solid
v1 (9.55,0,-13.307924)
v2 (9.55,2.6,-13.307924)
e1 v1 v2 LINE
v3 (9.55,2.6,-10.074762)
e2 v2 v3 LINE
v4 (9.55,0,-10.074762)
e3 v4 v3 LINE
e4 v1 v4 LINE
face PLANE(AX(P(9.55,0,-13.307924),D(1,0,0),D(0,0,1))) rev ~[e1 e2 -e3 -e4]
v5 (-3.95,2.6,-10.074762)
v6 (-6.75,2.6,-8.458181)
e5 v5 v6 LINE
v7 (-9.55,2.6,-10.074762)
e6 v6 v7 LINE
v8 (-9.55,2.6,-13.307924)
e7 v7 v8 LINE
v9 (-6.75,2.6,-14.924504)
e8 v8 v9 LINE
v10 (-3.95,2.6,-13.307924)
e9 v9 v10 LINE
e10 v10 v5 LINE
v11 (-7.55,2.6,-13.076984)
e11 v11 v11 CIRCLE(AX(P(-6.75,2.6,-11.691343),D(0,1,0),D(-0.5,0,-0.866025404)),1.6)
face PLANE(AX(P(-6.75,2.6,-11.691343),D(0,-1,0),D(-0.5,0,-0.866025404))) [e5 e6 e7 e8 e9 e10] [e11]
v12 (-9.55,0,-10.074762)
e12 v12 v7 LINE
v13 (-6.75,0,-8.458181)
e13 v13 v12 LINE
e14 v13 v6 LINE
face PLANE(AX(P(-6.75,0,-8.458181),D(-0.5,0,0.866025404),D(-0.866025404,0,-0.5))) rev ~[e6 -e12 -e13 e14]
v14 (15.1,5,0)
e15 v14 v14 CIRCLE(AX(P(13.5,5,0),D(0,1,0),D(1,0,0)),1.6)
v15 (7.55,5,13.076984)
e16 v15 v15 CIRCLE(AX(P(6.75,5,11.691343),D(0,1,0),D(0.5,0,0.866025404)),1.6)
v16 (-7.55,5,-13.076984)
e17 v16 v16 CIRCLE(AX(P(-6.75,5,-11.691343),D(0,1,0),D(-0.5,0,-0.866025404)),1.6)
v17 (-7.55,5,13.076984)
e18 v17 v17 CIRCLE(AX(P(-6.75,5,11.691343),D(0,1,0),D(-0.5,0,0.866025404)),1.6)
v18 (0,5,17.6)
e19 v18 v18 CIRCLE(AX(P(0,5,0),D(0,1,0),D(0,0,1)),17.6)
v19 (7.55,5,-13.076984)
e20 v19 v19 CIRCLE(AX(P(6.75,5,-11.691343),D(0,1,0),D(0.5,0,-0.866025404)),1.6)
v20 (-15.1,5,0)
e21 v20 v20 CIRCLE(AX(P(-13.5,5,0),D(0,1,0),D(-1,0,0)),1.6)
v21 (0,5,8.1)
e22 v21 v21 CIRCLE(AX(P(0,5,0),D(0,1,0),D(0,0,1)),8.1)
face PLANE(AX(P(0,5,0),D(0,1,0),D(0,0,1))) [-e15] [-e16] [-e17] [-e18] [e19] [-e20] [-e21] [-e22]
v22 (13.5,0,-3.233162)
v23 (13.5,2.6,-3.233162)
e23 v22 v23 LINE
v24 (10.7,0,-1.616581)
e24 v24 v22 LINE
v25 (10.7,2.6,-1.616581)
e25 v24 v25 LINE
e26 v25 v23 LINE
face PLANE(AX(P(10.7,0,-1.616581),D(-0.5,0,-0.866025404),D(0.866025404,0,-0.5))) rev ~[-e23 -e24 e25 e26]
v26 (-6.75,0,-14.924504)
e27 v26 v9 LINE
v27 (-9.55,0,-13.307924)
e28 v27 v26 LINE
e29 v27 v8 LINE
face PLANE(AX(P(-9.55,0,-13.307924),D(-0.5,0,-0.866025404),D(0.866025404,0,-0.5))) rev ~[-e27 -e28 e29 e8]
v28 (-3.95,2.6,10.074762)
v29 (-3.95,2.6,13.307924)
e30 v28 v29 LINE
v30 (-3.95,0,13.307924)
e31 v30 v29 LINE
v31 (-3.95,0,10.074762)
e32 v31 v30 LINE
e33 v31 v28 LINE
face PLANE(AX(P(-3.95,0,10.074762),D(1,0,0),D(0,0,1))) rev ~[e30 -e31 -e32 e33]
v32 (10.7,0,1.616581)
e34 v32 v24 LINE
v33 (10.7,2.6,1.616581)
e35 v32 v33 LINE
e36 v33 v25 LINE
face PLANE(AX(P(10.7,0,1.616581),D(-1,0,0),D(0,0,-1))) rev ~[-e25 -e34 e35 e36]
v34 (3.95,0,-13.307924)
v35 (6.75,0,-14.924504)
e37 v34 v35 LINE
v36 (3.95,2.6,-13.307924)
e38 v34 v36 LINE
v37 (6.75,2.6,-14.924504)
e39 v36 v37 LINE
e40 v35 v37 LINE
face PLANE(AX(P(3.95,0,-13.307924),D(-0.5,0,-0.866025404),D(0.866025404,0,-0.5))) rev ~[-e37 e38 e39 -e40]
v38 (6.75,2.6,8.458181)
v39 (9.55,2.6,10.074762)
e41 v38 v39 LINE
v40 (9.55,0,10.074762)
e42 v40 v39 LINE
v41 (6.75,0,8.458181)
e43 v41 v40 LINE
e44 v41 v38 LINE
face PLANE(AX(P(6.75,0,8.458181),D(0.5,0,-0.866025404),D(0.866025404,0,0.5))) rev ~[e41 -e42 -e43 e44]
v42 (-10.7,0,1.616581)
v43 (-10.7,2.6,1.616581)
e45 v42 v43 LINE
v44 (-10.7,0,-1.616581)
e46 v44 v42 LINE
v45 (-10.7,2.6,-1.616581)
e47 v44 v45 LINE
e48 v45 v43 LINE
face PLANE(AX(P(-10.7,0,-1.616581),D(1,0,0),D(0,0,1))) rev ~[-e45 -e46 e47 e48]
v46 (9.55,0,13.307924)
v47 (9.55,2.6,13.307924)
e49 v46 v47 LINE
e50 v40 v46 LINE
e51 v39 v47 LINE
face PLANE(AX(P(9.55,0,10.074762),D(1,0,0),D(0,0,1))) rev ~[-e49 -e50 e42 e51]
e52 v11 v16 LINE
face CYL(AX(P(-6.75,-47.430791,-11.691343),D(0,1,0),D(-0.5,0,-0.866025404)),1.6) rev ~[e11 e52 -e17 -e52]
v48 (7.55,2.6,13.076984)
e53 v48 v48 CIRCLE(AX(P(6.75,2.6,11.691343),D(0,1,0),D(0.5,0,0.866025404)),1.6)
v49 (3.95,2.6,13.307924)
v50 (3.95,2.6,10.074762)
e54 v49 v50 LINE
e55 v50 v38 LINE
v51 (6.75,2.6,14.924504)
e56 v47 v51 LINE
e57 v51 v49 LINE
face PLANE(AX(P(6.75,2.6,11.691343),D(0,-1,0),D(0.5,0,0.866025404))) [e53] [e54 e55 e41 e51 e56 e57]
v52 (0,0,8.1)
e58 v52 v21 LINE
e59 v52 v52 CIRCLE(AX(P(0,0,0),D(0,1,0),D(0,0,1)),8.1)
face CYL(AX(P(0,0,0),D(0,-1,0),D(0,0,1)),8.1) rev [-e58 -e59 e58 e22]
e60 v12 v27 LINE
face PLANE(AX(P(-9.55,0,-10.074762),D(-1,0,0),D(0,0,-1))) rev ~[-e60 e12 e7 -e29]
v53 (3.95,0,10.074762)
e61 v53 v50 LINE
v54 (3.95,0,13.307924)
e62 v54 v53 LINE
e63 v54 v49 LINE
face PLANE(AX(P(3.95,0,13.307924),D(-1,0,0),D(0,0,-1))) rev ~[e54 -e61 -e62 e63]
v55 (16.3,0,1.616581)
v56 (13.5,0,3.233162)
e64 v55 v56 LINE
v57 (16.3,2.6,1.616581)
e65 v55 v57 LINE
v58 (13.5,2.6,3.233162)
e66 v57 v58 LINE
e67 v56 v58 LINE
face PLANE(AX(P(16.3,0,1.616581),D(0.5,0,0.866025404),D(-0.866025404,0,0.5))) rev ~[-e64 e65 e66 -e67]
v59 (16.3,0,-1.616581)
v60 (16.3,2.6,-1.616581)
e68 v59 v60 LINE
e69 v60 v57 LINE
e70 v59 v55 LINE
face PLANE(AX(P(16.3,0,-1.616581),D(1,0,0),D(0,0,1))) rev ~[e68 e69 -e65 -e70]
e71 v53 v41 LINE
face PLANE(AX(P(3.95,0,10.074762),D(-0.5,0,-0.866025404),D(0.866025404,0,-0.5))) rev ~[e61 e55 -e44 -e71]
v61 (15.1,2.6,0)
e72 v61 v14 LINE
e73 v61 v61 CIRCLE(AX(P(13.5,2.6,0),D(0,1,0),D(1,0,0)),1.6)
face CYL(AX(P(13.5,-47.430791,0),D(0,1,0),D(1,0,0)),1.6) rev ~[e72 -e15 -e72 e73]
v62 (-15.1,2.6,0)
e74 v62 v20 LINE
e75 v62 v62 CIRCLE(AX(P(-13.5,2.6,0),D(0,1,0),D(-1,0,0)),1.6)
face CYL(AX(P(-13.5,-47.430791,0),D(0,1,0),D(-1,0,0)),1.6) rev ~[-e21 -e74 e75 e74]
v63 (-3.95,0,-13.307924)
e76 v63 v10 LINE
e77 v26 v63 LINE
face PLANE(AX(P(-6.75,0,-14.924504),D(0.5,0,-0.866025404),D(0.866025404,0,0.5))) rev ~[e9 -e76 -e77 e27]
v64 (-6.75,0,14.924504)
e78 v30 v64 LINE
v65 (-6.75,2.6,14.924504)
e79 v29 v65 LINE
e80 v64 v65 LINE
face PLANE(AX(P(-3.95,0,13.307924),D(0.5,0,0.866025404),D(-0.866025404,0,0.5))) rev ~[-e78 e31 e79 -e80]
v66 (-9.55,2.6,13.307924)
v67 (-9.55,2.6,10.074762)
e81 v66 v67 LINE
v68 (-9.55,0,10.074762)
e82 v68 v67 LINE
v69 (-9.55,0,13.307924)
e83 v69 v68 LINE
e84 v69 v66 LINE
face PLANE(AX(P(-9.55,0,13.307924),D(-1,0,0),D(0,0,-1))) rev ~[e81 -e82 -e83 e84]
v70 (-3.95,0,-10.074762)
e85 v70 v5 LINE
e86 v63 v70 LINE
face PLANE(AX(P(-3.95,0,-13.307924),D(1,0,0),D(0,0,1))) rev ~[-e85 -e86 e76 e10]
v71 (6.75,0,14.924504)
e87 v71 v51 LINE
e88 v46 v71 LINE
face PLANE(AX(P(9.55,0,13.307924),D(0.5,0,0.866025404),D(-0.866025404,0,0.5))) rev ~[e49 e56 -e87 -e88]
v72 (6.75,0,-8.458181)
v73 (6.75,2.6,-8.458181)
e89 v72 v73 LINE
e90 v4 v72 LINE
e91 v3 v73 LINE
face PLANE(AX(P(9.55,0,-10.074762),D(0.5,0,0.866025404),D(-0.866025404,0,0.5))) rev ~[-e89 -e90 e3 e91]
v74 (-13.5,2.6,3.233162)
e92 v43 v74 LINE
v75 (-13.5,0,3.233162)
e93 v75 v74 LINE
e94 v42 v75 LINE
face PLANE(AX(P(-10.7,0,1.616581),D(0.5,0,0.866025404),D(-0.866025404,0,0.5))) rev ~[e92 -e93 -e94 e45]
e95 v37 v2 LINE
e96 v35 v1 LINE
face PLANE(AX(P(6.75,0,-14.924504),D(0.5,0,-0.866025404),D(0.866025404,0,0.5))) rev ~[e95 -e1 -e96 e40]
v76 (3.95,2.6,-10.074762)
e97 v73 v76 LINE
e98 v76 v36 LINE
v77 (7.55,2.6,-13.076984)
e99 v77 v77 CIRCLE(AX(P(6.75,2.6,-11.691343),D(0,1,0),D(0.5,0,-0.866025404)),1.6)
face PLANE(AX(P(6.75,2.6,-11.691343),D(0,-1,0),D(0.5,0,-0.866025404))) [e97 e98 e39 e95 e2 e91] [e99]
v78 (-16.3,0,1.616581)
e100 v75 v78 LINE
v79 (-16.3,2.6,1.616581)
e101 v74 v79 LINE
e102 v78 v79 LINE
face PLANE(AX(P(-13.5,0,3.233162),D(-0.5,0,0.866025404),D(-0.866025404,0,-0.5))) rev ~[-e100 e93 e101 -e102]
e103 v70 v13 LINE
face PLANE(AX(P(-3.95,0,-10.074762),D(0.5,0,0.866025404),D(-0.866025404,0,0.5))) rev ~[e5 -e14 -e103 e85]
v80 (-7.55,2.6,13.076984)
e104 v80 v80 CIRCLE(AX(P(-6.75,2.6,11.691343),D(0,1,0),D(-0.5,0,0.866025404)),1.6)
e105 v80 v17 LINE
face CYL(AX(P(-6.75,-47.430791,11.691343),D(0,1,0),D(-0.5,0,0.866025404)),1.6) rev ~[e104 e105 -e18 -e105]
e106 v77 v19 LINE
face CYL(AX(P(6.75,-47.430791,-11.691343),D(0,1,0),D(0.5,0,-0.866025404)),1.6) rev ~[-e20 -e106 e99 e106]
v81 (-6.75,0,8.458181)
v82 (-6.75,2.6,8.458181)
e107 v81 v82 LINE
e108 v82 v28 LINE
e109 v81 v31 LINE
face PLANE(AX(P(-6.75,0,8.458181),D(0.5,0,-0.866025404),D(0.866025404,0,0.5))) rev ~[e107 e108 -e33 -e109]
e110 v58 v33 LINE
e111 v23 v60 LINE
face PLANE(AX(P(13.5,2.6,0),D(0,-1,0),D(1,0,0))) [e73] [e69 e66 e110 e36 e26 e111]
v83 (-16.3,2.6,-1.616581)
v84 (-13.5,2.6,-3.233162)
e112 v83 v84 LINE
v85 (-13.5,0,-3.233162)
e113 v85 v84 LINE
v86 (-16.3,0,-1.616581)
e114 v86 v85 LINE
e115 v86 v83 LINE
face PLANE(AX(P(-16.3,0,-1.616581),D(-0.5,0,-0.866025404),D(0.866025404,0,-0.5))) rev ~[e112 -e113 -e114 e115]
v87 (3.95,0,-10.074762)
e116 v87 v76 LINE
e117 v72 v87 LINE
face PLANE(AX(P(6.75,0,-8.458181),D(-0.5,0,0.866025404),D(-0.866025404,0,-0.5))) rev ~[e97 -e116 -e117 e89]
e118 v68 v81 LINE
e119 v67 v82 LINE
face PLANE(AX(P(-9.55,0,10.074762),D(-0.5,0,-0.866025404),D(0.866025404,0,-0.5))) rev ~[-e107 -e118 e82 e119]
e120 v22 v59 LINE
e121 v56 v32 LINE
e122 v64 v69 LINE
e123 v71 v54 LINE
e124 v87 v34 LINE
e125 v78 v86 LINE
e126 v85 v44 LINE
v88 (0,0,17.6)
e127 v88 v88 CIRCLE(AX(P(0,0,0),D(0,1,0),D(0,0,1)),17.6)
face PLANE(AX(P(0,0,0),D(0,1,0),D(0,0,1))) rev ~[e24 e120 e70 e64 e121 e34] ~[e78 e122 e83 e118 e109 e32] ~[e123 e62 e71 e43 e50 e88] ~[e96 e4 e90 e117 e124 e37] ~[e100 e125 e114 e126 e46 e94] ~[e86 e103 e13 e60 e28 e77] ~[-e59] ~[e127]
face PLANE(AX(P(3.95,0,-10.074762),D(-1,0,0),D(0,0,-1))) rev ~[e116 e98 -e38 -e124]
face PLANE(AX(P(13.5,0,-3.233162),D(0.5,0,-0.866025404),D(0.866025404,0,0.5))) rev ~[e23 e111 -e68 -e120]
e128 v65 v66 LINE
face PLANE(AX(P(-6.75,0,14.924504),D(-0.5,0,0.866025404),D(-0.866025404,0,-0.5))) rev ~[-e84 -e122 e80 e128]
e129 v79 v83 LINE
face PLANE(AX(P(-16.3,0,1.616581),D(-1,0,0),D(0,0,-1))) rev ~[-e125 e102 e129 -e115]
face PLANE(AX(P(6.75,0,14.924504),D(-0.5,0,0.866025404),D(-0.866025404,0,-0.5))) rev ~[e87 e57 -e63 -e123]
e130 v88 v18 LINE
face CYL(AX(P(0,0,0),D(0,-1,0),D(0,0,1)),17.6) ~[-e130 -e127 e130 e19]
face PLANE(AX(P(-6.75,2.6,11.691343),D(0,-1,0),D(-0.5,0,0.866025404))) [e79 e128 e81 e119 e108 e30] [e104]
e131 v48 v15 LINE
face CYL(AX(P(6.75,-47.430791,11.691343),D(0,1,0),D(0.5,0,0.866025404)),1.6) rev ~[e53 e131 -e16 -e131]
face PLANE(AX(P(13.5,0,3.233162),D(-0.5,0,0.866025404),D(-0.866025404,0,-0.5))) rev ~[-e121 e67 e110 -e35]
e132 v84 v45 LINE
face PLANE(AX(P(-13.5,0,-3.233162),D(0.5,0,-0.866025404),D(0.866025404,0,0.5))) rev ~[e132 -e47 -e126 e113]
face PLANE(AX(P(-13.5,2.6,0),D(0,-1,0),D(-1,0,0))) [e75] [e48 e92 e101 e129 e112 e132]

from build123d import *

# Parameters (mm, degrees)
SKETCH1_R            = 17.6
SKETCH1_R_2          = 8.1
BOSS_EXTRUDE1_DEPTH  = 5
CUT_EXTRUDE1_DEPTH   = 2.6
M3_CLEARANCE_HOLE1_D = 3.2
CIRPATTERN1_COUNT    = 6


with BuildPart() as part:
    # Sketch1 → Boss-Extrude1 (new body)
    with BuildSketch(Plane(origin=(0, 0, 0), x_dir=(1, 0, 0), z_dir=(0, 1, 0))):
        with Locations(Location((0, 0, 0), (0, 0, 270))):
            Circle(SKETCH1_R)
        with Locations(Location((0, 0, 0), (0, 0, 270))):
            Circle(SKETCH1_R_2, mode=Mode.SUBTRACT)
    extrude(amount=BOSS_EXTRUDE1_DEPTH)

    # Sketch2 → Cut-Extrude1 (cut)
    with BuildSketch(Plane.XZ):
        Polygon((13.5, 3.233161507), (10.7, 1.616580754), (10.7, -1.616580754), (13.5, -3.233161507), (16.3, -1.616580754), (16.3, 1.616580754), align=None)
    cut_extrude1 = extrude(amount=-CUT_EXTRUDE1_DEPTH, mode=Mode.SUBTRACT)

    # M3 Clearance Hole1 (through all)
    with Locations(Plane(origin=(0, 2.6, 0), x_dir=(-1, 0, 0), z_dir=(0, -1, 0))):
        with Locations((-13.5, 0)):
            m3_clearance_hole1 = Hole(M3_CLEARANCE_HOLE1_D / 2)

    # CirPattern1: Cut-Extrude1, M3 Clearance Hole1 ×6 about axis
    cirpattern1_axis = Axis((0, 0, 0), (0, 1, 0))
    add([cut_extrude1.rotate(cirpattern1_axis, i * 360 / CIRPATTERN1_COUNT) for i in range(1, CIRPATTERN1_COUNT)], mode=Mode.SUBTRACT)
    add([m3_clearance_hole1.rotate(cirpattern1_axis, i * 360 / CIRPATTERN1_COUNT) for i in range(1, CIRPATTERN1_COUNT)], mode=Mode.SUBTRACT)


solid = part.part
